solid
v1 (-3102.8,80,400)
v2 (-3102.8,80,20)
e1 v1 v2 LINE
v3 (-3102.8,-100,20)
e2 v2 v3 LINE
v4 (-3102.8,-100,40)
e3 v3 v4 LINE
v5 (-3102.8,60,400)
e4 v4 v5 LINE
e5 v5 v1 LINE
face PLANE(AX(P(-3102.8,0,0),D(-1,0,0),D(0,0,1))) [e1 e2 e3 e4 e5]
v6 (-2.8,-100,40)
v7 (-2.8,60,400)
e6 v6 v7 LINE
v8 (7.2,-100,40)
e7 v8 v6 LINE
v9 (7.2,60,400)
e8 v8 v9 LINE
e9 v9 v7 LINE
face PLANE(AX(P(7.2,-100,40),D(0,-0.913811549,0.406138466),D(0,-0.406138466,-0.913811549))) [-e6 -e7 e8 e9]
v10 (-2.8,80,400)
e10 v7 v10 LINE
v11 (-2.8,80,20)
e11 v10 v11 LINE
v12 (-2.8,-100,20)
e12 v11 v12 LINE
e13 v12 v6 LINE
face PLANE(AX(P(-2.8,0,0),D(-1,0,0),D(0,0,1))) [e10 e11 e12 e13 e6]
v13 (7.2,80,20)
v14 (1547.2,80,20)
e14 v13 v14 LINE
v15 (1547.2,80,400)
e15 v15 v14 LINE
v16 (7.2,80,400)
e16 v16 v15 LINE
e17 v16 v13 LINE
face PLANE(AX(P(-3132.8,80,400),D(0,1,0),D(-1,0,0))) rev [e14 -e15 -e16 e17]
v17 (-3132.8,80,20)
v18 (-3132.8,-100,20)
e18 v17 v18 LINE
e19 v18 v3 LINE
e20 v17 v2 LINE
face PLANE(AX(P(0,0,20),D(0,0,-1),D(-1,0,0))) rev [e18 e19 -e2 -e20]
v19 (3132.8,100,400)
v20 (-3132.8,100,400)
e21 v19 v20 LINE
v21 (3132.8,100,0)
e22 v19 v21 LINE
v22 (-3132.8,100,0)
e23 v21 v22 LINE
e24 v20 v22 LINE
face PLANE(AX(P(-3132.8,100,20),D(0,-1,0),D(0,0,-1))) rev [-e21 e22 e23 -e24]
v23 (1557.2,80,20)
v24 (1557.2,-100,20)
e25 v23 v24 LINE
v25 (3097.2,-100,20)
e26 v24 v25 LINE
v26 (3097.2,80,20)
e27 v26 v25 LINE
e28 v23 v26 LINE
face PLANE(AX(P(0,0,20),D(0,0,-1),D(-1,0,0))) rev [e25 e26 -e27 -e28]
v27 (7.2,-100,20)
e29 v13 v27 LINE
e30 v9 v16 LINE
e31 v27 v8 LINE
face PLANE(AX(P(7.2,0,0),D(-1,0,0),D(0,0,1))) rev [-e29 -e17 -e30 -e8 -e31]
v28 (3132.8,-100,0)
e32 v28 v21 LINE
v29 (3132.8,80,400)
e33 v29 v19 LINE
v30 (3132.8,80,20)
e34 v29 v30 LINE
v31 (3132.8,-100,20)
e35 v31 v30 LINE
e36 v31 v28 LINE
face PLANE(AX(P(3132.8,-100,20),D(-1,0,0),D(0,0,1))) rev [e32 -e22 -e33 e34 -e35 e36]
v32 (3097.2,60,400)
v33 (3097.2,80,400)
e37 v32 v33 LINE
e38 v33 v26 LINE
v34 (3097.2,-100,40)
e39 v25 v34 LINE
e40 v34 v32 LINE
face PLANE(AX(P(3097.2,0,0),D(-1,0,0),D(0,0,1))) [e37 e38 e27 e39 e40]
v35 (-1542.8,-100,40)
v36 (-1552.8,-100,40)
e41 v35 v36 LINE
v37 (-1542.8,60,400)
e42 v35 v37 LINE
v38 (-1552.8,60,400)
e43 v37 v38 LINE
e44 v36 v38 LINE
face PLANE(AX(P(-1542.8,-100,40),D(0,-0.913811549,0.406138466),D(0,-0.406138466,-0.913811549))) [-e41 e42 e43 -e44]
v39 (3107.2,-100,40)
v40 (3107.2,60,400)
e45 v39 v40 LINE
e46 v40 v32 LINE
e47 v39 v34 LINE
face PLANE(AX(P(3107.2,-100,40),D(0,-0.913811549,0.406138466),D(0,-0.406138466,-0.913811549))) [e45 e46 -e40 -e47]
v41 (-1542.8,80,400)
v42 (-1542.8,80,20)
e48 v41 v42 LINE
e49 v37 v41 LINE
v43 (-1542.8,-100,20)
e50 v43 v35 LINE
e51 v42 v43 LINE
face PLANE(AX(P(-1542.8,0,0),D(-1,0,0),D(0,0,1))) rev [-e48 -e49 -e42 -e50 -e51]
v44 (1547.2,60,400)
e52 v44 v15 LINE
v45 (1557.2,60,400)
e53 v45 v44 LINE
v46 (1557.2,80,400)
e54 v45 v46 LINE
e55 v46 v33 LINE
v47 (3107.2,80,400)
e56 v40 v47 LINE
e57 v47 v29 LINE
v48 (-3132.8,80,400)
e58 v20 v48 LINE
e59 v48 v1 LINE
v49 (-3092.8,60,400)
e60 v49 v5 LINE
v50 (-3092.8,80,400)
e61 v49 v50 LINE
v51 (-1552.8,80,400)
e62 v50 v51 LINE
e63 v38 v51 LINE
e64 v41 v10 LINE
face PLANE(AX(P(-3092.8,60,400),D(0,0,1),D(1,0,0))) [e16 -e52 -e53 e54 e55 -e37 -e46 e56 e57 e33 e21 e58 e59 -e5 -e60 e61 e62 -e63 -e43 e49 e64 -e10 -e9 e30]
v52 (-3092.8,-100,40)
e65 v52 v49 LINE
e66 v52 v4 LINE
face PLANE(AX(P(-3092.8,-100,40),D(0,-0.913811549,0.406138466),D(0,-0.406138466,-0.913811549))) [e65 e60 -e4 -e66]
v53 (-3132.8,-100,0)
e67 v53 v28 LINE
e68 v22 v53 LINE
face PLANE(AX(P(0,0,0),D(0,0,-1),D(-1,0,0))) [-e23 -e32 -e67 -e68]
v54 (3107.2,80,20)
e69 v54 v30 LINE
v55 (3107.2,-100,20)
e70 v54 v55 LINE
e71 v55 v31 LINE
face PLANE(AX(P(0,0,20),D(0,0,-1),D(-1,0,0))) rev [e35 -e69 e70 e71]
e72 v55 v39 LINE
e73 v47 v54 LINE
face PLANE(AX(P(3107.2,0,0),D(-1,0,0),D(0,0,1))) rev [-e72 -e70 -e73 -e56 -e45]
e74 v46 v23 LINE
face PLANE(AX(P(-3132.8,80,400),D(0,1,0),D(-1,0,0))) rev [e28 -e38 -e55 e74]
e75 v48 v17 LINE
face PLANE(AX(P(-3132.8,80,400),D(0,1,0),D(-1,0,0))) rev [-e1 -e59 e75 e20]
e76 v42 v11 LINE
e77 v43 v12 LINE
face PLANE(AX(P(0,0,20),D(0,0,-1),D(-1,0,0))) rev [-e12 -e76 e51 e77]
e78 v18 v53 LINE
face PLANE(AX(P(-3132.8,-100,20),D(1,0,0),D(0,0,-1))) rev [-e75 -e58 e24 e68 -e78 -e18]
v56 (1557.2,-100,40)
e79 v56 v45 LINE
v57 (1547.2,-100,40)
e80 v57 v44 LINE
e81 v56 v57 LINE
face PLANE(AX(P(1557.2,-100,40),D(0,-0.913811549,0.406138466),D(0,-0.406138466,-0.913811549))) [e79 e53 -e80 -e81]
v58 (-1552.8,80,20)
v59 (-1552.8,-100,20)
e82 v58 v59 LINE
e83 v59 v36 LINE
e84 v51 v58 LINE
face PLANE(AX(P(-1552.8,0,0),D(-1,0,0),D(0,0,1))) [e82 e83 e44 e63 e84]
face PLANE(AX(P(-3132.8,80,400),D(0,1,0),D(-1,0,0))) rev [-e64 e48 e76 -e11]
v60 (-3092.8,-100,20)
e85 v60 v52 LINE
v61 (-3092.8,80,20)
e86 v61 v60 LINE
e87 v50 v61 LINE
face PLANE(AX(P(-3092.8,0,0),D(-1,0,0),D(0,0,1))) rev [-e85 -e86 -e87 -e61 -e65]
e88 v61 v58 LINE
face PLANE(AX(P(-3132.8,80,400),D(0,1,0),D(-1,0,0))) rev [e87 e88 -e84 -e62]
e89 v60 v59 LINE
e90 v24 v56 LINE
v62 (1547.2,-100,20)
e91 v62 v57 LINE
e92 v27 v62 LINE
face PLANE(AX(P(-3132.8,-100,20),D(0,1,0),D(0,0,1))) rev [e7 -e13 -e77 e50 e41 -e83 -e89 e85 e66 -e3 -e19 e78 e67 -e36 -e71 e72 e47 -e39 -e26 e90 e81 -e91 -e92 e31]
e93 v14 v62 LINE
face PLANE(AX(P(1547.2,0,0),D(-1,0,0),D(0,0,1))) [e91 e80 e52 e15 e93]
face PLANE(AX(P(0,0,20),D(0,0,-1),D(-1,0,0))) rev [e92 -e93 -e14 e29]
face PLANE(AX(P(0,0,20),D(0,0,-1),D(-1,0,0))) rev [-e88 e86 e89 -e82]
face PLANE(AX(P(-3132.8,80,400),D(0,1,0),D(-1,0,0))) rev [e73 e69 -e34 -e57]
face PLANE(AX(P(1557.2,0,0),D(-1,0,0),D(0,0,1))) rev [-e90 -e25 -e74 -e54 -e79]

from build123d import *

# Parameters (mm, degrees)
SKETCH_1_W             = 6265.6
SKETCH_1_H             = 200
EXTRUDE_1_DEPTH        = 20
SKETCH_2_W             = 6265.6
SKETCH_2_H             = 20
EXTRUDE_2_DEPTH        = 380
EXTRUDE_START          = -30
EXTRUDE_3_DEPTH        = 10
PATTERN_LINEAR_1_COUNT = 5
PATTERN_LINEAR_1_PITCH = 1550


with BuildPart() as part:
    # 草图1 → 凸台-拉伸1 (new body)
    with BuildSketch(Plane.XY):
        Rectangle(SKETCH_1_W, SKETCH_1_H)
    extrude(amount=EXTRUDE_1_DEPTH)



with BuildPart() as body_2:
    # 草图2 → 凸台-拉伸2 (new body)
    with BuildSketch(Plane.XY.offset(20)):
        with Locations((0, 90)):
            Rectangle(SKETCH_2_W, SKETCH_2_H)
    extrude(amount=EXTRUDE_2_DEPTH)


with BuildPart() as part_1:
    add(part.part)

    add(body_2.part)  # 凸台-拉伸3 merges body 2
    # 草图3 → 凸台-拉伸3 (add)
    with BuildSketch(Plane.ZY.offset(3132.8).offset(EXTRUDE_START)):
        Polygon((400, 80), (20, 80), (20, -100), (40, -100), (400, 60), align=None)
    extrude_3 = extrude(amount=-EXTRUDE_3_DEPTH)

    # 阵列(线性)1: 凸台-拉伸3 ×5
    with Locations(*[(i * PATTERN_LINEAR_1_PITCH, 0, 0) for i in range(1, PATTERN_LINEAR_1_COUNT)]):
        add(extrude_3)


solid = part_1.part
